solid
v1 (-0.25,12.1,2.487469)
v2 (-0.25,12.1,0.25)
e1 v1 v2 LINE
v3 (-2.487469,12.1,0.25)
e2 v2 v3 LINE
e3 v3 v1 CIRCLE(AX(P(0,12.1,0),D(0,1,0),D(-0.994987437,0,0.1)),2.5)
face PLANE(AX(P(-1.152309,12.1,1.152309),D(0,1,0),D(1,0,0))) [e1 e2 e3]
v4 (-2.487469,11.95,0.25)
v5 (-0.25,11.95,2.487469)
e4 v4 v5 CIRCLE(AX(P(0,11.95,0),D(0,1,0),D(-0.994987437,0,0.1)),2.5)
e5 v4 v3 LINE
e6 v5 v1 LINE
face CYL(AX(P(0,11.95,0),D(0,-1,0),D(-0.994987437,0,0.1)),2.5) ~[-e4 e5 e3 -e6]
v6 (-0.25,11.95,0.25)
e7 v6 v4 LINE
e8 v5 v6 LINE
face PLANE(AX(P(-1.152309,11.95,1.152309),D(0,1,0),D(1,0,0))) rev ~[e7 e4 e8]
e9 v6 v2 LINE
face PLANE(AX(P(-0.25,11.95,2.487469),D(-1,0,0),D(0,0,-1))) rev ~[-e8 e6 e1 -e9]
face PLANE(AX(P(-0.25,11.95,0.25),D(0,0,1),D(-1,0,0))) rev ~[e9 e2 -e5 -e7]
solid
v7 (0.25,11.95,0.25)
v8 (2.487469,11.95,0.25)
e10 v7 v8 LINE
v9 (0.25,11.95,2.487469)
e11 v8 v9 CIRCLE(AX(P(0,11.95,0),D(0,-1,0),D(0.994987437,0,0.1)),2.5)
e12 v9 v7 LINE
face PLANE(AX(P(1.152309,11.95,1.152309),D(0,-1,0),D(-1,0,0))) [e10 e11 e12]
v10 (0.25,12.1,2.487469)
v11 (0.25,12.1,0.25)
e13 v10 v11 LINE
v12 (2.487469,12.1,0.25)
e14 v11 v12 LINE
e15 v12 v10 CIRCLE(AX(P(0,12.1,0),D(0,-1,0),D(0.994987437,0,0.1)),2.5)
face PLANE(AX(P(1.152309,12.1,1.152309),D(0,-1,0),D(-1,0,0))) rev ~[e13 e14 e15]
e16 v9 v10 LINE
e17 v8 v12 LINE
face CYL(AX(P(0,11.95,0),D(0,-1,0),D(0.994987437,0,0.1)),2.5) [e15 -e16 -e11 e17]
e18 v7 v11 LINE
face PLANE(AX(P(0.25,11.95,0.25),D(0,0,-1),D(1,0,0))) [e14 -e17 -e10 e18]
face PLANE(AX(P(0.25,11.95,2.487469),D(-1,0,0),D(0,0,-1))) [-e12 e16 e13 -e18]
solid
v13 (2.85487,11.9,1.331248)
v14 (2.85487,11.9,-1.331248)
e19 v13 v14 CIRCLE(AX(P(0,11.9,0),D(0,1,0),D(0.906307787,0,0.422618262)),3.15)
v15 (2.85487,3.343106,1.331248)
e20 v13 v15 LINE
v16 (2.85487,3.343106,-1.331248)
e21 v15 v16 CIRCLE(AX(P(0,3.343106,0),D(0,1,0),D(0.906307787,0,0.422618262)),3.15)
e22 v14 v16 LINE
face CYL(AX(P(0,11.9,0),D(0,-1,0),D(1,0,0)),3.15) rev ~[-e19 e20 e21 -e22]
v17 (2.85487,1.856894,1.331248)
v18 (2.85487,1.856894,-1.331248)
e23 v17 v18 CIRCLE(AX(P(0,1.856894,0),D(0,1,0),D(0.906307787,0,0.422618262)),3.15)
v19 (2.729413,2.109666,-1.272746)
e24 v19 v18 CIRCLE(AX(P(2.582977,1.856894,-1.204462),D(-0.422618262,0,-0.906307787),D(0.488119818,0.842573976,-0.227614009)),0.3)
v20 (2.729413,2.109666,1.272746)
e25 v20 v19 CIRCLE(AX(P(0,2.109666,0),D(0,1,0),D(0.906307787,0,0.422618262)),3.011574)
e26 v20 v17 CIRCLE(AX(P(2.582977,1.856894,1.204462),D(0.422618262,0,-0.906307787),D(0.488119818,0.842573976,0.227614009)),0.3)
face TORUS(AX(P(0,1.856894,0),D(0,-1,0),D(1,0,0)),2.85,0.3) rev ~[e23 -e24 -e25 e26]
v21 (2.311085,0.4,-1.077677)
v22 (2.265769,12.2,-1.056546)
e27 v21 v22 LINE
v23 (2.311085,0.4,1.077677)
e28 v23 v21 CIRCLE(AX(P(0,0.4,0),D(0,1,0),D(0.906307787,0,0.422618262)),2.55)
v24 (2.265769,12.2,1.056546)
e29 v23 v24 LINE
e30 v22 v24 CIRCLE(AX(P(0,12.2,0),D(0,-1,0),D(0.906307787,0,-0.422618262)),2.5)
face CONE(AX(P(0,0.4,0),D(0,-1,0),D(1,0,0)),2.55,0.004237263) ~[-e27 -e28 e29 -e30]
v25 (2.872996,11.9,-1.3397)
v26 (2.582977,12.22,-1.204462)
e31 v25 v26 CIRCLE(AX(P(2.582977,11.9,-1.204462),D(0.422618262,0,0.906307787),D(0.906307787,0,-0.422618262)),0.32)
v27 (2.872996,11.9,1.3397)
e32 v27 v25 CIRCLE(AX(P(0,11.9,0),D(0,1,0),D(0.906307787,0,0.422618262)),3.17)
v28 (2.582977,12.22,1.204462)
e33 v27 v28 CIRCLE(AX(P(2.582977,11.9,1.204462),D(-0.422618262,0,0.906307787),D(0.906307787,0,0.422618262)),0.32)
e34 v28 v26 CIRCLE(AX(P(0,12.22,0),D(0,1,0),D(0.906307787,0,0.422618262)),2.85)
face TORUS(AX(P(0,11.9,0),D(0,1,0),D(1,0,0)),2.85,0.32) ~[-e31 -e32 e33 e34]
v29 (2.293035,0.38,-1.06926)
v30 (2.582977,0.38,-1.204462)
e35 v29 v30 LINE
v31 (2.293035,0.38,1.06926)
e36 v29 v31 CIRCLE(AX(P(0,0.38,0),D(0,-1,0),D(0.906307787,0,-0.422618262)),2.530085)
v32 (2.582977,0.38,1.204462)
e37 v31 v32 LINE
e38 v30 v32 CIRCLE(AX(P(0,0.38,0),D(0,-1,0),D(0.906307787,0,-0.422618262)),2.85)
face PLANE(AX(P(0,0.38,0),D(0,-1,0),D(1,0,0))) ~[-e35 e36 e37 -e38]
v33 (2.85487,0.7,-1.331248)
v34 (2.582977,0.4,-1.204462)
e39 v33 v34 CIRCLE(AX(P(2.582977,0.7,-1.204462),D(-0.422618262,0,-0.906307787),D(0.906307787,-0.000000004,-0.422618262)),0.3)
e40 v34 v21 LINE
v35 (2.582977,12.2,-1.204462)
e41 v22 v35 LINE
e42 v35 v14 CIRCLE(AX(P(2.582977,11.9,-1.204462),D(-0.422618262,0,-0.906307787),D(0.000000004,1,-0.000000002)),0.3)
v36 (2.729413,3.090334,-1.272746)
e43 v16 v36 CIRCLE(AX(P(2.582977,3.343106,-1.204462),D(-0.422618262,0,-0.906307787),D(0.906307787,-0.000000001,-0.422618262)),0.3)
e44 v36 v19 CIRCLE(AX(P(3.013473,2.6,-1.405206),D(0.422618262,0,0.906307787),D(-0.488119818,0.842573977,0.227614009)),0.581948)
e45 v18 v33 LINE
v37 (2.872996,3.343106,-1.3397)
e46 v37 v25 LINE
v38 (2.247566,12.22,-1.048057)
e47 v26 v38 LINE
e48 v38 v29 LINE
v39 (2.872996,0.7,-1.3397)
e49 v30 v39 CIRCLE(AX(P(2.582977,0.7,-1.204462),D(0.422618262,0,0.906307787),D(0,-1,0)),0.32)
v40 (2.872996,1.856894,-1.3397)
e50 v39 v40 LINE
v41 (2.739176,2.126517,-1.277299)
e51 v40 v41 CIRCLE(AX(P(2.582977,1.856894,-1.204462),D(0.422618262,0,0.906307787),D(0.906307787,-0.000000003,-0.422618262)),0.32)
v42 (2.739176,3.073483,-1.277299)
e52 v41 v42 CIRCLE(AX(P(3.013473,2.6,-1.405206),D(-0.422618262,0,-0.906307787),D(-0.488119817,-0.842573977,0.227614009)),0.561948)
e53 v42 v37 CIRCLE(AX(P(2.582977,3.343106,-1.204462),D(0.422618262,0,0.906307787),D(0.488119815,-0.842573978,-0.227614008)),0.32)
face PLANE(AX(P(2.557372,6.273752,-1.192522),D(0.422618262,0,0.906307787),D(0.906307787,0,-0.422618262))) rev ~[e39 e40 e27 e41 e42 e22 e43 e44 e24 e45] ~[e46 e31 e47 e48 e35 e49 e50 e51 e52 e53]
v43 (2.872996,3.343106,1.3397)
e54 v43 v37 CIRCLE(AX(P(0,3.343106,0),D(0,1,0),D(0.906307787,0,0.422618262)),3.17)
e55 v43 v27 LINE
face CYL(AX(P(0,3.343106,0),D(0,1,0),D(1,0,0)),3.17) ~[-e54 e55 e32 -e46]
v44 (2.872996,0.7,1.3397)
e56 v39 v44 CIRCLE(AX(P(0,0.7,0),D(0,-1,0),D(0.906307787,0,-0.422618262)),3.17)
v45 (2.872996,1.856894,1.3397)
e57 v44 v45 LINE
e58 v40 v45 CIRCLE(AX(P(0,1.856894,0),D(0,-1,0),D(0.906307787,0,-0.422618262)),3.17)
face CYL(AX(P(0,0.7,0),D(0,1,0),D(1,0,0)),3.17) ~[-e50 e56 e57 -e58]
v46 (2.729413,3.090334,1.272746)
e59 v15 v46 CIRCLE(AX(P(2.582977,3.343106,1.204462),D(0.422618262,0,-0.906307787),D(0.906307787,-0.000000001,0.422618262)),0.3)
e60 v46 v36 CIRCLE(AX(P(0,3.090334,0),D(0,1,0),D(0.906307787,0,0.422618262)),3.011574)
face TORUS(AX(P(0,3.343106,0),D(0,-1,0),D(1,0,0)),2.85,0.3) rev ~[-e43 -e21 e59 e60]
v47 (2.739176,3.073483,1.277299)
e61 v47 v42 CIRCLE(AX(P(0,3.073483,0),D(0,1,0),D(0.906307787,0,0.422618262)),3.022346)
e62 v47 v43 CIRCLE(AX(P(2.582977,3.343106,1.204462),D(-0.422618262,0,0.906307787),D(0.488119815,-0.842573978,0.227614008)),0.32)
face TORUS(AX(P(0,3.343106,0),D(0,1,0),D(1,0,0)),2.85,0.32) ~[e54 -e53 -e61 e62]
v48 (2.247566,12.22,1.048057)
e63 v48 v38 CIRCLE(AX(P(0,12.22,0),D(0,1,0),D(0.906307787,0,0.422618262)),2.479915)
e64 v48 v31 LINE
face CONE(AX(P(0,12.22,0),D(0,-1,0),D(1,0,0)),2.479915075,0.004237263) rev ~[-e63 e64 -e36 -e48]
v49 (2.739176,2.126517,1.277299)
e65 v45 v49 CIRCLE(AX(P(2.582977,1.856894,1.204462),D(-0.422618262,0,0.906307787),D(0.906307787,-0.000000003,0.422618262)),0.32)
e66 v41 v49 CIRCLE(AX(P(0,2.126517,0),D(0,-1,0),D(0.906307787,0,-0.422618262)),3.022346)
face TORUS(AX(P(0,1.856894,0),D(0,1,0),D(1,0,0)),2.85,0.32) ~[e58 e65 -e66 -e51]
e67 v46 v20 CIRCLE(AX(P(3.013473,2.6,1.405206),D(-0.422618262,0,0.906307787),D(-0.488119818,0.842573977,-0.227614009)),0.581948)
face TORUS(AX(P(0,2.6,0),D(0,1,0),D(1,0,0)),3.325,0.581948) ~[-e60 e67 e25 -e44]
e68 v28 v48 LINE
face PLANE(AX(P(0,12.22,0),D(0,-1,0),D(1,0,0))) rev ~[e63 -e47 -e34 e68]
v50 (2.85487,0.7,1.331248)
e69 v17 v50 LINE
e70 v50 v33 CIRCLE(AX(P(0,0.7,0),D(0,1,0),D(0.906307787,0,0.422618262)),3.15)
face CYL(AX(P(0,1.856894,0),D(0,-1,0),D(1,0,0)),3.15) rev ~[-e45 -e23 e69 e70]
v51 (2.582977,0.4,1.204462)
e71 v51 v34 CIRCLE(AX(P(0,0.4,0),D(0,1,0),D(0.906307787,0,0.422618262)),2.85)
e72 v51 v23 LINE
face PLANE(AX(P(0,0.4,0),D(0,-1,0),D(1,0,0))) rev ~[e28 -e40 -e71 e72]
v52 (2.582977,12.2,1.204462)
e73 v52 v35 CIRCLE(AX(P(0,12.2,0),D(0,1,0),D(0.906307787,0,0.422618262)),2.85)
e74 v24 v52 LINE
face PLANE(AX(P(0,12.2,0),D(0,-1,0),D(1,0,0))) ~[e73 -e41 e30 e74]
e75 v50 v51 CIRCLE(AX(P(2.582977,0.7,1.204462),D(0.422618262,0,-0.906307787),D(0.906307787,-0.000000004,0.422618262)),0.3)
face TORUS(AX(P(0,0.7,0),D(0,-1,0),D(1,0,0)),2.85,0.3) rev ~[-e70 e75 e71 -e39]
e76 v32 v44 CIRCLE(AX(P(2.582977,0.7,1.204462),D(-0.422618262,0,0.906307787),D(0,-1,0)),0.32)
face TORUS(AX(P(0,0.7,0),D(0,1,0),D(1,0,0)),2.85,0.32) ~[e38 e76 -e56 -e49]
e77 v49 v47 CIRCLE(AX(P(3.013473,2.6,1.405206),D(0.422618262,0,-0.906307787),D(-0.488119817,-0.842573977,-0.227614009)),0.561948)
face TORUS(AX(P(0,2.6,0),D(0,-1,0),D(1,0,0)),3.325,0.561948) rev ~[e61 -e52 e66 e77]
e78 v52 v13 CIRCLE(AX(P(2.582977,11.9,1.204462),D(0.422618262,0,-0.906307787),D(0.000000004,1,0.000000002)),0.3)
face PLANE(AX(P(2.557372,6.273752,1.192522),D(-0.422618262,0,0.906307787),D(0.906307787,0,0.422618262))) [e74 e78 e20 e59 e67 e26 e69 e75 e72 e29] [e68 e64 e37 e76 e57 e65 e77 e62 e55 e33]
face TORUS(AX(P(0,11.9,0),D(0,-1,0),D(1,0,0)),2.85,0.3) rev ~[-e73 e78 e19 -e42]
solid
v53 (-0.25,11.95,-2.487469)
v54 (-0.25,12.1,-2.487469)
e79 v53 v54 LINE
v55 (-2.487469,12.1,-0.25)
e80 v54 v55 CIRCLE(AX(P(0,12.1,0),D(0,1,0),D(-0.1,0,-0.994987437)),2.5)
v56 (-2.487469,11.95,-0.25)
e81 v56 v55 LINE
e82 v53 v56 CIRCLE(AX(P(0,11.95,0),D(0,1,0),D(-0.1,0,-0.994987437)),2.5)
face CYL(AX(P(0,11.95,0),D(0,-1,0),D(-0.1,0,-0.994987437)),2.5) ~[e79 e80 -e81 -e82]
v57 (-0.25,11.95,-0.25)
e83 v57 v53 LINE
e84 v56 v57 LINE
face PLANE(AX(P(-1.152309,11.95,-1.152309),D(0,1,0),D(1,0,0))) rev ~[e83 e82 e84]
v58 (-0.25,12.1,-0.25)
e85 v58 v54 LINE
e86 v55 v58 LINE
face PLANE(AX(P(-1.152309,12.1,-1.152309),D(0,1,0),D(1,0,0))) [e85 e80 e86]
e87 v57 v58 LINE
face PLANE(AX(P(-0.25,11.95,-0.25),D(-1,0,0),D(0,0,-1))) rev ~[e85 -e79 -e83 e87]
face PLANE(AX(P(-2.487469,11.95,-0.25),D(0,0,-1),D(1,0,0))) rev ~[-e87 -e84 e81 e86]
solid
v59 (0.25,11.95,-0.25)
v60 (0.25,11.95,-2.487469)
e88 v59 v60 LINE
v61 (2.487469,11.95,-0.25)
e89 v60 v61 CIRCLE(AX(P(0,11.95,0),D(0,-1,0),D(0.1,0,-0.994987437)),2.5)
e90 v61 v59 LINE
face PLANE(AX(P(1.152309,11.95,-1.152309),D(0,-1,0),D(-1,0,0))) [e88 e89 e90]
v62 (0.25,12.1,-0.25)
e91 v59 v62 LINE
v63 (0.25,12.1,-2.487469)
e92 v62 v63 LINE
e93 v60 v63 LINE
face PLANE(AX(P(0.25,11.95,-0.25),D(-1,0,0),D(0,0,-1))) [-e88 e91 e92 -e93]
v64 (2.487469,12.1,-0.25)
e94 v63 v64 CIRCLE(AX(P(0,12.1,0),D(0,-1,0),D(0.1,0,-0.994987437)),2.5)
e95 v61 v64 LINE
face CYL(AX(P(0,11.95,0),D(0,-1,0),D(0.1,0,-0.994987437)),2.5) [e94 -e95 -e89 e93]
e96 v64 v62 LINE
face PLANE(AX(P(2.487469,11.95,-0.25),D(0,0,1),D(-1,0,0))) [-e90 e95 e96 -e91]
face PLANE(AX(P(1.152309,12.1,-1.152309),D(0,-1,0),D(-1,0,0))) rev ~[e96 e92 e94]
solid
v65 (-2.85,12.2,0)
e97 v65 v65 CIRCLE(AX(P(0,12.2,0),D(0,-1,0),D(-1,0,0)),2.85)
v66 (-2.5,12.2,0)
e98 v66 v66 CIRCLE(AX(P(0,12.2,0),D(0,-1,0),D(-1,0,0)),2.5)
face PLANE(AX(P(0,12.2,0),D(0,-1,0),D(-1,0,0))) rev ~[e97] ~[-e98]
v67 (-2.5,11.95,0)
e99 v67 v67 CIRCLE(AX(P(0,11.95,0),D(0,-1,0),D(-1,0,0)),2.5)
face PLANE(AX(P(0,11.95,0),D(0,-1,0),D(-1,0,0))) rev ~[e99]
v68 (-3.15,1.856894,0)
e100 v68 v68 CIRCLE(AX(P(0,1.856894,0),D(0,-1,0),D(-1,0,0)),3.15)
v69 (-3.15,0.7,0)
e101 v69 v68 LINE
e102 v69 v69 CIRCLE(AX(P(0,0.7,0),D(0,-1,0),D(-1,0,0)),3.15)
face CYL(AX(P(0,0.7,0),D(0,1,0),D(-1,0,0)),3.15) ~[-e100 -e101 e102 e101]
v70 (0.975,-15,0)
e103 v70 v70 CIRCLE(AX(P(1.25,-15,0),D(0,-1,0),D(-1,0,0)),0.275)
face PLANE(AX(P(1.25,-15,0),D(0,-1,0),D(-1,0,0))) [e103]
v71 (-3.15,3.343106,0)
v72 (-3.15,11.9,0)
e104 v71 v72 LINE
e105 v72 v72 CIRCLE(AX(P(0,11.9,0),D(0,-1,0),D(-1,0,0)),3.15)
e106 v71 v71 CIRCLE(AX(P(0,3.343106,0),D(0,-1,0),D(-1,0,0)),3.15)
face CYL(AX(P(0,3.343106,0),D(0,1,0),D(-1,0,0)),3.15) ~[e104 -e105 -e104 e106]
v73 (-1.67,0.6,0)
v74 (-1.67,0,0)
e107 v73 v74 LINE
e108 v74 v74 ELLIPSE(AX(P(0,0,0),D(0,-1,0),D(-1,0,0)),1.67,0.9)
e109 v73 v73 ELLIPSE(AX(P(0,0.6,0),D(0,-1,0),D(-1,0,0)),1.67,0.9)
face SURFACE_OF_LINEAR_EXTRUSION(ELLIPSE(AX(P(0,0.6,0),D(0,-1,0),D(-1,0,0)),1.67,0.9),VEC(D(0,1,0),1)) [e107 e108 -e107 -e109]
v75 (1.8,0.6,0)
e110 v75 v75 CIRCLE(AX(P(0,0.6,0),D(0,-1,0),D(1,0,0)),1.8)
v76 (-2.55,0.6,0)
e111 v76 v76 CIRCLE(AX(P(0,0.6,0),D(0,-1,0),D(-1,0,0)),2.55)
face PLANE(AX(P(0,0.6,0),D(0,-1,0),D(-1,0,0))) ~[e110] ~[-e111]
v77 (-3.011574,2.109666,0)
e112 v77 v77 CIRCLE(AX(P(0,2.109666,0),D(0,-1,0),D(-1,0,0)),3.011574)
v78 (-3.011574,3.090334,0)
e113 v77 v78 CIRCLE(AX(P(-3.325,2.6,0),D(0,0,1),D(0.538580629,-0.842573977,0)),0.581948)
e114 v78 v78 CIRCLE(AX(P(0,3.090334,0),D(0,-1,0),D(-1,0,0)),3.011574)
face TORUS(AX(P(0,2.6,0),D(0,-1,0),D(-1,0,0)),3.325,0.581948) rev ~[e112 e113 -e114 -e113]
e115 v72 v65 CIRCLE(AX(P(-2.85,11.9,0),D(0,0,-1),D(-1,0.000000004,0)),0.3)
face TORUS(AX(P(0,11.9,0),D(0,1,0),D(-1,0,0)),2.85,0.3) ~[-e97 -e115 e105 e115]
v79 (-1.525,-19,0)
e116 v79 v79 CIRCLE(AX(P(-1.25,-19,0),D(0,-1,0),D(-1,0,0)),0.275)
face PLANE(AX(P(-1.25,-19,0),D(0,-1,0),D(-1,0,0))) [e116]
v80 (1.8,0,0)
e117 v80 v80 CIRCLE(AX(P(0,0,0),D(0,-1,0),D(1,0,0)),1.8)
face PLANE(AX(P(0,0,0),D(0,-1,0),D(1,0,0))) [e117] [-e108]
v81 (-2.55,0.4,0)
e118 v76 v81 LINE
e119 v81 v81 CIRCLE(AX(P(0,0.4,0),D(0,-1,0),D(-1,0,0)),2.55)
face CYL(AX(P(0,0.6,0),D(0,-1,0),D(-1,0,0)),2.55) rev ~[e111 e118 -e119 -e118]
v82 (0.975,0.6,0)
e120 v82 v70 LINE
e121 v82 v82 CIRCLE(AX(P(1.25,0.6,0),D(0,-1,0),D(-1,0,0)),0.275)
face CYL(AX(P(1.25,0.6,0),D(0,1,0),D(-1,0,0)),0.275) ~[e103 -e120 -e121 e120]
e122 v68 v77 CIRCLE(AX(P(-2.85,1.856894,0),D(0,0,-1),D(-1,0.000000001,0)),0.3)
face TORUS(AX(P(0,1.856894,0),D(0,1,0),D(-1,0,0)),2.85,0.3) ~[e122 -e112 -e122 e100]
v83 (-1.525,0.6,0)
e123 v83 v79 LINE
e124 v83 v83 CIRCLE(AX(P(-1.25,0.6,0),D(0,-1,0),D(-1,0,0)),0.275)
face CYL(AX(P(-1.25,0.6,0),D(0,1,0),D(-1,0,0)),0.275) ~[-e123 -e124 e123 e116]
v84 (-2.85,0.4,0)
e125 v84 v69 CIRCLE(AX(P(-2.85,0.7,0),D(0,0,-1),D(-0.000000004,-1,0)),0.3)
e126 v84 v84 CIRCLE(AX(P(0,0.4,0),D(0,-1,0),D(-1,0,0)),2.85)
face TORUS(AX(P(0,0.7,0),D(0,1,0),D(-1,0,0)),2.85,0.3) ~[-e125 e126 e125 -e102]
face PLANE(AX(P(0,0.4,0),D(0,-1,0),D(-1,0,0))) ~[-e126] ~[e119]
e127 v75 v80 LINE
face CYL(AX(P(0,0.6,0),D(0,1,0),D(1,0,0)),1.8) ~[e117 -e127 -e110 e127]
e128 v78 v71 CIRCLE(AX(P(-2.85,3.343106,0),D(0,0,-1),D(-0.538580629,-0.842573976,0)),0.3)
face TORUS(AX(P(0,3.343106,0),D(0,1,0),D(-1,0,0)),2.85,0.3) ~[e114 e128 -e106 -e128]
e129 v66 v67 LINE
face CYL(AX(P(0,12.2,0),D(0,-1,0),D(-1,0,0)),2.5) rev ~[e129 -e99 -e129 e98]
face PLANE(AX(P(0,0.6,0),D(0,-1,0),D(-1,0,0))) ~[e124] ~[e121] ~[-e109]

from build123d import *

# Parameters (mm, degrees)
BOSS_EXTRUDE1_DEPTH      = 0.15
BOSS_EXTRUDE1_2_DEPTH    = 0.15
BOSS_EXTRUDE1_3_DEPTH    = 0.15
BOSS_EXTRUDE1_4_DEPTH    = 0.15
SKETCH3_R                = 1.8
SKETCH3_RX               = 1.67
SKETCH3_RY               = 0.9
BOSS_EXTRUDE2_DEPTH      = 0.6
REVOLVE3_ANGLE           = 25
REVOLVE3_OTHER_WAY_ANGLE = 25
SKETCH7_R                = 0.275
BOSS_EXTRUDE3_DEPTH      = 19.6
SKETCH7_4_R              = 0.275
BOSS_EXTRUDE4_DEPTH      = 15.6


with BuildPart() as part:
    # Sketch1 → Revolve1 (revolve)
    with BuildSketch(Plane.XY, mode=Mode.PRIVATE) as revolve1_sk:
        with BuildLine():
            Line((0, 0.6), (2.55, 0.6))
            Line((2.55, 0.6), (2.55, 0.4))
            Line((2.55, 0.4), (2.85, 0.4))
            ThreePointArc((2.85, 0.4), (3.062132034, 0.487867966), (3.15, 0.7))
            Line((3.15, 0.7), (3.15, 1.856893734))
            ThreePointArc((3.15, 1.856893734), (3.113127589, 2.000990479), (3.011574188, 2.109665928))
            ThreePointArc((3.011574188, 2.109665928), (2.7430522, 2.6), (3.011574188, 3.090334072))
            ThreePointArc((3.011574188, 3.090334072), (3.113127589, 3.199009521), (3.15, 3.343106266))
            Line((3.15, 3.343106266), (3.15, 11.9))
            ThreePointArc((3.15, 11.9), (3.062132034, 12.112132034), (2.85, 12.2))
            Line((2.85, 12.2), (2.5, 12.2))
            Line((2.5, 12.2), (2.5, 11.95))
            Line((2.5, 11.95), (0, 11.95))
            Line((0, 11.95), (0, 0.6))
        make_face()
    revolve(revolve1_sk.sketch.rotate(Axis((0, 11.95, 0), (0, -1, 0)), 180), axis=Axis((0, 11.95, 0), (0, -1, 0)))



with BuildPart() as body_2:
    # Sketch2 → Boss-Extrude1 (new body)
    with BuildSketch(Plane(origin=(0, 11.95, 0), x_dir=(1, 0, 0), z_dir=(0, 1, 0))):
        with BuildLine():
            Line((-0.25, 0.25), (-0.25, 2.487468593))
            ThreePointArc((-0.25, 2.487468593), (-1.767766953, 1.767766953), (-2.487468593, 0.25))
            Line((-2.487468593, 0.25), (-0.25, 0.25))
        make_face()
    extrude(amount=BOSS_EXTRUDE1_DEPTH)


with BuildPart() as body_3:
    # Sketch2 → Boss-Extrude1 2 (new body)
    with BuildSketch(Plane(origin=(0, 11.95, 0), x_dir=(1, 0, 0), z_dir=(0, 1, 0))):
        with BuildLine():
            Line((0.25, -2.487468593), (0.25, -0.25))
            Line((0.25, -0.25), (2.487468593, -0.25))
            ThreePointArc((2.487468593, -0.25), (1.767766953, -1.767766953), (0.25, -2.487468593))
        make_face()
    extrude(amount=BOSS_EXTRUDE1_2_DEPTH)


with BuildPart() as body_4:
    # Sketch2 → Boss-Extrude1 3 (new body)
    with BuildSketch(Plane(origin=(0, 11.95, 0), x_dir=(1, 0, 0), z_dir=(0, 1, 0))):
        with BuildLine():
            Line((-0.25, -2.487468593), (-0.25, -0.25))
            Line((-0.25, -0.25), (-2.487468593, -0.25))
            ThreePointArc((-2.487468593, -0.25), (-1.767766953, -1.767766953), (-0.25, -2.487468593))
        make_face()
    extrude(amount=BOSS_EXTRUDE1_3_DEPTH)


with BuildPart() as body_5:
    # Sketch2 → Boss-Extrude1 4 (new body)
    with BuildSketch(Plane(origin=(0, 11.95, 0), x_dir=(1, 0, 0), z_dir=(0, 1, 0))):
        with BuildLine():
            Line((0.25, 0.25), (0.25, 2.487468593))
            ThreePointArc((0.25, 2.487468593), (1.767766953, 1.767766953), (2.487468593, 0.25))
            Line((2.487468593, 0.25), (0.25, 0.25))
        make_face()
    extrude(amount=BOSS_EXTRUDE1_4_DEPTH)


with BuildPart() as body_6:
    # Sketch3 → Boss-Extrude2 (new body)
    with BuildSketch(Plane.XZ.offset(-0.6)):
        Circle(SKETCH3_R)
        with Locations(Location((0, 0), (0, 0, 180))):
            Ellipse(SKETCH3_RX, SKETCH3_RY, mode=Mode.SUBTRACT)
    extrude(amount=BOSS_EXTRUDE2_DEPTH)


with BuildPart() as body_7:
    # Sketch5 → Revolve3 (revolve)
    with BuildSketch(Plane.XY):
        with BuildLine():
            Line((2.479915075, 12.22), (2.530084566, 0.38))
            Line((2.530084566, 0.38), (2.85, 0.38))
            ThreePointArc((2.85, 0.38), (3.07627417, 0.47372583), (3.17, 0.7))
            Line((3.17, 0.7), (3.17, 1.856893734))
            ThreePointArc((3.17, 1.856893734), (3.130669429, 2.010596928), (3.022345801, 2.126517407))
            ThreePointArc((3.022345801, 2.126517407), (2.7630522, 2.6), (3.022345801, 3.073482593))
            ThreePointArc((3.022345801, 3.073482593), (3.130669429, 3.189403072), (3.17, 3.343106266))
            Line((3.17, 3.343106266), (3.17, 11.9))
            ThreePointArc((3.17, 11.9), (3.07627417, 12.12627417), (2.85, 12.22))
            Line((2.85, 12.22), (2.479915075, 12.22))
        make_face()
        with BuildLine():
            Line((2.5, 12.2), (2.85, 12.2))
            ThreePointArc((2.85, 12.2), (3.062132034, 12.112132034), (3.15, 11.9))
            Line((3.15, 11.9), (3.15, 3.343106266))
            ThreePointArc((3.15, 3.343106266), (3.113127589, 3.199009521), (3.011574188, 3.090334072))
            ThreePointArc((3.011574188, 3.090334072), (2.7430522, 2.6), (3.011574188, 2.109665928))
            ThreePointArc((3.011574188, 2.109665928), (3.113127589, 2.000990479), (3.15, 1.856893734))
            Line((3.15, 1.856893734), (3.15, 0.7))
            ThreePointArc((3.15, 0.7), (3.062132034, 0.487867966), (2.85, 0.4))
            Line((2.85, 0.4), (2.55, 0.4))
            Line((2.55, 0.4), (2.5, 12.2))
        make_face(mode=Mode.SUBTRACT)
    revolve(axis=Axis((0, 0, 0), (0, 1, 0)), revolution_arc=REVOLVE3_ANGLE)

    # Sketch5 → Revolve3 other way (revolve)
    with BuildSketch(Plane.XY):
        with BuildLine():
            Line((2.479915075, 12.22), (2.530084566, 0.38))
            Line((2.530084566, 0.38), (2.85, 0.38))
            ThreePointArc((2.85, 0.38), (3.07627417, 0.47372583), (3.17, 0.7))
            Line((3.17, 0.7), (3.17, 1.856893734))
            ThreePointArc((3.17, 1.856893734), (3.130669429, 2.010596928), (3.022345801, 2.126517407))
            ThreePointArc((3.022345801, 2.126517407), (2.7630522, 2.6), (3.022345801, 3.073482593))
            ThreePointArc((3.022345801, 3.073482593), (3.130669429, 3.189403072), (3.17, 3.343106266))
            Line((3.17, 3.343106266), (3.17, 11.9))
            ThreePointArc((3.17, 11.9), (3.07627417, 12.12627417), (2.85, 12.22))
            Line((2.85, 12.22), (2.479915075, 12.22))
        make_face()
        with BuildLine():
            Line((2.5, 12.2), (2.85, 12.2))
            ThreePointArc((2.85, 12.2), (3.062132034, 12.112132034), (3.15, 11.9))
            Line((3.15, 11.9), (3.15, 3.343106266))
            ThreePointArc((3.15, 3.343106266), (3.113127589, 3.199009521), (3.011574188, 3.090334072))
            ThreePointArc((3.011574188, 3.090334072), (2.7430522, 2.6), (3.011574188, 2.109665928))
            ThreePointArc((3.011574188, 2.109665928), (3.113127589, 2.000990479), (3.15, 1.856893734))
            Line((3.15, 1.856893734), (3.15, 0.7))
            ThreePointArc((3.15, 0.7), (3.062132034, 0.487867966), (2.85, 0.4))
            Line((2.85, 0.4), (2.55, 0.4))
            Line((2.55, 0.4), (2.5, 12.2))
        make_face(mode=Mode.SUBTRACT)
    revolve(axis=Axis((0, 0, 0), (0, -1, 0)), revolution_arc=REVOLVE3_OTHER_WAY_ANGLE)


with BuildPart() as part_1:
    add(part.part)

    add(body_6.part)  # Boss-Extrude3 merges body 6
    # Sketch7 → Boss-Extrude3 (add)
    with BuildSketch(Plane.XZ.offset(-0.6)):
        with Locations(Location((-1.25, 0, 0), (0, 0, 180))):
            Circle(SKETCH7_R)
    extrude(amount=BOSS_EXTRUDE3_DEPTH)

    # Sketch7<4> → Boss-Extrude4 (add)
    with BuildSketch(Plane.XZ.offset(-0.6)):
        with Locations(Location((1.25, 0, 0), (0, 0, 180))):
            Circle(SKETCH7_4_R)
    extrude(amount=BOSS_EXTRUDE4_DEPTH)


solid = Compound([body_2.part, body_3.part, body_4.part, body_5.part, body_7.part, part_1.part])
